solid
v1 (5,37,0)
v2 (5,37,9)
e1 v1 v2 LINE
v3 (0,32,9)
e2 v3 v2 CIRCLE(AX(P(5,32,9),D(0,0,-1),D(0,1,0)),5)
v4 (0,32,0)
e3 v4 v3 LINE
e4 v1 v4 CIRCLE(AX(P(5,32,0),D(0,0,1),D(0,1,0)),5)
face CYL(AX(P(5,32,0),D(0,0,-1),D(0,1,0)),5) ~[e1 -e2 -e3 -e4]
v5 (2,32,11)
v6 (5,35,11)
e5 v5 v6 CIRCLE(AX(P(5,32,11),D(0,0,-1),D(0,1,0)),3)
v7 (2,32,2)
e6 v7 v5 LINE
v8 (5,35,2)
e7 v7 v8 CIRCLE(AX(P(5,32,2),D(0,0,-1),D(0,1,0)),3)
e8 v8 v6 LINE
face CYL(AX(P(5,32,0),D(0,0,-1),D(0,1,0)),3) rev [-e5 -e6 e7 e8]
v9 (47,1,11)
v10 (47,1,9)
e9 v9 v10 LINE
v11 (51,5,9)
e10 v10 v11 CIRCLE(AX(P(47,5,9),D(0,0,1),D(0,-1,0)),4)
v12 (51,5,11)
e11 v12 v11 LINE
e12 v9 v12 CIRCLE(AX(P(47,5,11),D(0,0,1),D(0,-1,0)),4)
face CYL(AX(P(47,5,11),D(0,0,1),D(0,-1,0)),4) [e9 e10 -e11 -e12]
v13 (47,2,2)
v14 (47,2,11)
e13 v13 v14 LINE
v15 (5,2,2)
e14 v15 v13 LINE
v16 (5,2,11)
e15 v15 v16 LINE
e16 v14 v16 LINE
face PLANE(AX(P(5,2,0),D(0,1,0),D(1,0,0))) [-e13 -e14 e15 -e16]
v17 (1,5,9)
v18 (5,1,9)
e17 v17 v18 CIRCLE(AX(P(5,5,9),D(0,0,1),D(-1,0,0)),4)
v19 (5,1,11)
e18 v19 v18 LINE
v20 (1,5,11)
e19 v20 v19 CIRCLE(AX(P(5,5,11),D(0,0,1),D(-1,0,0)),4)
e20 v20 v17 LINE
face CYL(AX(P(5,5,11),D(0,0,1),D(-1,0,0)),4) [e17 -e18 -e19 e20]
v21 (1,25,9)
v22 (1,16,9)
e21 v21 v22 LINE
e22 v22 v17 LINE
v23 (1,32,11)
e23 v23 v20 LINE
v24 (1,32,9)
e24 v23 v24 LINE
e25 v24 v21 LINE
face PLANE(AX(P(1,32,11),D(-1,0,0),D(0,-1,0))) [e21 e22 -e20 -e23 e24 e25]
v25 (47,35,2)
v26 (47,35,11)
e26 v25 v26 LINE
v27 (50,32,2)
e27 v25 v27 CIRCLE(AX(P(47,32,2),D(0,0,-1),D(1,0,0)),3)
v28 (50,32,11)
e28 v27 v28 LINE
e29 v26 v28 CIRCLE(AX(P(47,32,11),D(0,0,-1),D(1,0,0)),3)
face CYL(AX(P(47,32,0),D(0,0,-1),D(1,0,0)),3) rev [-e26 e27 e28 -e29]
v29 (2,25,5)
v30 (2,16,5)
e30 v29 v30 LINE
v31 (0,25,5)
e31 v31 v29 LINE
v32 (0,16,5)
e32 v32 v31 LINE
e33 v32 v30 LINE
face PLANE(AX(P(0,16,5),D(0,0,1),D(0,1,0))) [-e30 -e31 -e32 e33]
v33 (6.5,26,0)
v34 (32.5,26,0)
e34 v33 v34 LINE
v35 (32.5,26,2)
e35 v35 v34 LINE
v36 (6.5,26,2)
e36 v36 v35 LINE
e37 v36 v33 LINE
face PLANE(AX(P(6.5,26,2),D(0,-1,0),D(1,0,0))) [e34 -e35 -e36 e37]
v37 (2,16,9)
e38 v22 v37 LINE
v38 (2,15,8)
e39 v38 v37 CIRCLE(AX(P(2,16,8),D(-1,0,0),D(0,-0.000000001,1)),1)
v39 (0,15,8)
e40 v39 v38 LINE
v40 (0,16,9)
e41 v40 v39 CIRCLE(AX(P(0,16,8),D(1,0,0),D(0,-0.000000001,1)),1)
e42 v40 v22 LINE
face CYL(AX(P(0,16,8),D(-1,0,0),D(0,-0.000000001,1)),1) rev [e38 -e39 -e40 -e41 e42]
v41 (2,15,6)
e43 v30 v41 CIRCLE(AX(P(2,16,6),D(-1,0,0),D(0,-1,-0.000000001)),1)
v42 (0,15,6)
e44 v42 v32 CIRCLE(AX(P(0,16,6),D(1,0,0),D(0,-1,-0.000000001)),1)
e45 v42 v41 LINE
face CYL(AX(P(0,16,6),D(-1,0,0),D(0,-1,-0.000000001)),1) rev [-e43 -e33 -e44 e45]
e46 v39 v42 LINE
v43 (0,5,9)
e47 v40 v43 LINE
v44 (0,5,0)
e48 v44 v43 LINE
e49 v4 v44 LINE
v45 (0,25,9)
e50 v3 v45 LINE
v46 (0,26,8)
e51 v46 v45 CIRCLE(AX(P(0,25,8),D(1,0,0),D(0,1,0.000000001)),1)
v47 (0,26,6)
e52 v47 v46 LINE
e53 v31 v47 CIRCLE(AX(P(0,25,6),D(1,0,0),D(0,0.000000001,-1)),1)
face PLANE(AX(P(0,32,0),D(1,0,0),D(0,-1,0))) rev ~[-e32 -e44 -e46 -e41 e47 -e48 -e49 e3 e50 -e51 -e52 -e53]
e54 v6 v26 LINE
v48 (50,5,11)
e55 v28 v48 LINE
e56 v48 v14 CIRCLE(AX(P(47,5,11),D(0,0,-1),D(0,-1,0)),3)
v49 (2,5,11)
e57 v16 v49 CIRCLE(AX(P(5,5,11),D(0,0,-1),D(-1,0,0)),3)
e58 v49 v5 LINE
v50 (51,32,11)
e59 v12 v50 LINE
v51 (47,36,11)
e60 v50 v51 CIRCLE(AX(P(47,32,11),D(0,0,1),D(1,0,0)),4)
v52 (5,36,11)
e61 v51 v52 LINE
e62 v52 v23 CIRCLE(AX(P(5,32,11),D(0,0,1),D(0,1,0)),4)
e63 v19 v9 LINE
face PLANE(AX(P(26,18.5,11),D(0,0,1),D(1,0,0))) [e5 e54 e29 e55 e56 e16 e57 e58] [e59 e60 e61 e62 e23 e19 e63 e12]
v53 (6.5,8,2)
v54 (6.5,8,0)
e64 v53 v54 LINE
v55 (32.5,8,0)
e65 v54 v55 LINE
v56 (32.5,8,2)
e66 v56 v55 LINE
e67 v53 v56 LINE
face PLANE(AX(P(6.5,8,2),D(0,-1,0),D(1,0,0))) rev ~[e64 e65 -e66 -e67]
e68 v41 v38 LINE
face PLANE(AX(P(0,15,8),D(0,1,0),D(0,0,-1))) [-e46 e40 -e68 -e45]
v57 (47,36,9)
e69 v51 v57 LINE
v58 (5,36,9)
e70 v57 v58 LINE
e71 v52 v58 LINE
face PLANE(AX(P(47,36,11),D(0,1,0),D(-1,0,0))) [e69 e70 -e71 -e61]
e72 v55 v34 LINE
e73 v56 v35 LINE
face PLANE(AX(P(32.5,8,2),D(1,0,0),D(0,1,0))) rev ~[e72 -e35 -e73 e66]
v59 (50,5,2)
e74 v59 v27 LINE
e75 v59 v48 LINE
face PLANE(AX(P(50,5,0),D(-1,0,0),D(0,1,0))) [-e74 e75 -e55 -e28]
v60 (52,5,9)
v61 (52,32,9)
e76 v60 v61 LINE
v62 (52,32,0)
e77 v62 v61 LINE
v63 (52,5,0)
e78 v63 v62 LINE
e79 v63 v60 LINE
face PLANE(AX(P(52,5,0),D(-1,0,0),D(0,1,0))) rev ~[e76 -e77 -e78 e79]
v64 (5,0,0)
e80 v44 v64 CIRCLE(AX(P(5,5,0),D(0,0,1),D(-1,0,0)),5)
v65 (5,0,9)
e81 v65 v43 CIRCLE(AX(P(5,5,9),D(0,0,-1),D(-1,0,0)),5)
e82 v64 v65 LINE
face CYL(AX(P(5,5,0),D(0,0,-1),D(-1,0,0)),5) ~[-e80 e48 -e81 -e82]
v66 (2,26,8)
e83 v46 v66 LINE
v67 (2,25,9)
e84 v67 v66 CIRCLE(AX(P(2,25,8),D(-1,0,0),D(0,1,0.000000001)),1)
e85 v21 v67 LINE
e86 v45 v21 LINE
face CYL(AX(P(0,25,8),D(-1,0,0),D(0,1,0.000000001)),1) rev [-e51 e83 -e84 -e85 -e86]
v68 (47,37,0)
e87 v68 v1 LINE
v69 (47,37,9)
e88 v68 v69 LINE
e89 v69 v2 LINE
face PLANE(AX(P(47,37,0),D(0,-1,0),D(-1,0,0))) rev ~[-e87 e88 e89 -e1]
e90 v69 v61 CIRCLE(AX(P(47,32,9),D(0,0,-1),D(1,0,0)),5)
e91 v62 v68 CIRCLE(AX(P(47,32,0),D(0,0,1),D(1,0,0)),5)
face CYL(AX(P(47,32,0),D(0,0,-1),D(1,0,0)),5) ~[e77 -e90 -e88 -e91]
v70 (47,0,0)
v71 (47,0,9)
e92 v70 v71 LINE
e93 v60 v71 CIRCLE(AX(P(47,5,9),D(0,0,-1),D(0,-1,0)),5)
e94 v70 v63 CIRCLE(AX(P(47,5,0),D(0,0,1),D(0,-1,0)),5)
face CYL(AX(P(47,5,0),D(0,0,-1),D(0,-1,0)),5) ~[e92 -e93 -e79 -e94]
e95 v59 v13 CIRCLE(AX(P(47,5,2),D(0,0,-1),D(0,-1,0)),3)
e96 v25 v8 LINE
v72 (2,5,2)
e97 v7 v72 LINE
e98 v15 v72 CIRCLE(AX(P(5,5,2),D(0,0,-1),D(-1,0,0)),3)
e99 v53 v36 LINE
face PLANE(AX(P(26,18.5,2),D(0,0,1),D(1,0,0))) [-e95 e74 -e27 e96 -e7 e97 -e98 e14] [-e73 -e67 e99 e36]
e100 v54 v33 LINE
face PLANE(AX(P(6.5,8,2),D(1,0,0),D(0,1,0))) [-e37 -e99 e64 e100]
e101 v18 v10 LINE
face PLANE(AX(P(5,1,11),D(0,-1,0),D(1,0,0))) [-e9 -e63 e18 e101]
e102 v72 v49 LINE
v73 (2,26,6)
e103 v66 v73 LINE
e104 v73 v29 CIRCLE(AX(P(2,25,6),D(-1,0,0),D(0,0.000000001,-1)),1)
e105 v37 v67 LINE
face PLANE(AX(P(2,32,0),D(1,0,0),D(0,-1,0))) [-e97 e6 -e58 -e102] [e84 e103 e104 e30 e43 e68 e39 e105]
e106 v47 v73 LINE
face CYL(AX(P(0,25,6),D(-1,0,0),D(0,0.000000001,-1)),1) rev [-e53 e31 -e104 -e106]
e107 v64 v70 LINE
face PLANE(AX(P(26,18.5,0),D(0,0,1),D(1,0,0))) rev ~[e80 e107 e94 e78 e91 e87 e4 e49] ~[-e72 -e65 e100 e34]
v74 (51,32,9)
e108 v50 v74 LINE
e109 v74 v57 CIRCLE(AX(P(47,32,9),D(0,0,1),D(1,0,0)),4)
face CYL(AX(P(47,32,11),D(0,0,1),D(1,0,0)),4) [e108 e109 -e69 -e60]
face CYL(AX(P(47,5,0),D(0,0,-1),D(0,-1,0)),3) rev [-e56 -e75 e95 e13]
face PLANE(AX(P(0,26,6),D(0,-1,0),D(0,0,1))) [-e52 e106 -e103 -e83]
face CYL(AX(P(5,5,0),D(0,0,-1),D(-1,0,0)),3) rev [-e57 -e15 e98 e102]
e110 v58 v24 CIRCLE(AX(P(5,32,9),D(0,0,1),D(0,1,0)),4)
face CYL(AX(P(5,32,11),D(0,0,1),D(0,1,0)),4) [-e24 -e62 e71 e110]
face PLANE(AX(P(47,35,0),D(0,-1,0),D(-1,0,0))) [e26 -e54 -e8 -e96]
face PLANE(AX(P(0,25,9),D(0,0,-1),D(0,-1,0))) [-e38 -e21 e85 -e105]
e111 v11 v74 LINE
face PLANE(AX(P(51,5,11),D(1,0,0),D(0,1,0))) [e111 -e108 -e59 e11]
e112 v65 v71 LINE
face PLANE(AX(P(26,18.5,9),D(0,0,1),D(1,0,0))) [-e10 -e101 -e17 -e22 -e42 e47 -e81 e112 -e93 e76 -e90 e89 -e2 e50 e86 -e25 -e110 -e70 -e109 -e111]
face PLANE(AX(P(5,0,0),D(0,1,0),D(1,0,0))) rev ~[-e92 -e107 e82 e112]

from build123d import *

# Parameters (mm, degrees)
BOSS_EXTRU_1_DEPTH      = 11
COQUE5_T                = -2
ESQUISSE5_W             = 26
ESQUISSE5_H             = 18
ENL_V_MAT_EXTRU_4_DEPTH = 65.451532177
ESQUISSE6_OUTSIDE_W     = 66.952
ESQUISSE6_OUTSIDE_H     = 51.952
ENL_V_MAT_EXTRU_5_DEPTH = 2
ENL_V_MAT_EXTRU_6_DEPTH = 10


with BuildPart() as part:
    # Esquisse1 → Boss.-Extru.1 (new body)
    with BuildSketch(Plane.XY):
        with BuildLine():
            Line((5, 0), (47, 0))
            ThreePointArc((47, 0), (50.535533906, 1.464466094), (52, 5))
            Line((52, 5), (52, 32))
            ThreePointArc((52, 32), (50.535533906, 35.535533906), (47, 37))
            Line((47, 37), (5, 37))
            ThreePointArc((5, 37), (1.464466094, 35.535533906), (0, 32))
            Line((0, 32), (0, 5))
            ThreePointArc((0, 5), (1.464466094, 1.464466094), (5, 0))
        make_face()
    extrude(amount=BOSS_EXTRU_1_DEPTH)

    # Coque5
    coque5_openings = [part.faces().sort_by_distance(p)[0] for p in [
        (26, 18.5, 11),
    ]]
    offset(amount=COQUE5_T, openings=coque5_openings, kind=Kind.INTERSECTION)

    # Esquisse5 → Enlèv. mat.-Extru.4 (cut, through all)
    with BuildSketch(Plane.XY.offset(2)):
        with Locations((19.5, 17)):
            Rectangle(ESQUISSE5_W, ESQUISSE5_H)
    extrude(amount=-ENL_V_MAT_EXTRU_4_DEPTH, mode=Mode.SUBTRACT)

    # Esquisse6 outside → Enlèv. mat.-Extru.5 (cut)
    with BuildSketch(Plane.XY.offset(11)):
        with Locations((26, 18.5)):
            Rectangle(ESQUISSE6_OUTSIDE_W, ESQUISSE6_OUTSIDE_H)
        with BuildLine():
            Line((47, 36), (5, 36))
            ThreePointArc((5, 36), (2.171572875, 34.828427125), (1, 32))
            Line((1, 32), (1, 5))
            ThreePointArc((1, 5), (2.171572875, 2.171572875), (5, 1))
            Line((5, 1), (47, 1))
            ThreePointArc((47, 1), (49.828427125, 2.171572875), (51, 5))
            Line((51, 5), (51, 32))
            ThreePointArc((51, 32), (49.828427125, 34.828427125), (47, 36))
        make_face(mode=Mode.SUBTRACT)
    extrude(amount=-ENL_V_MAT_EXTRU_5_DEPTH, mode=Mode.SUBTRACT)

    # Esquisse7 → Enlèv. mat.-Extru.6 (cut)
    with BuildSketch(Plane.ZY):
        with BuildLine():
            Line((6, 26), (8, 26))
            ThreePointArc((8, 26), (8.707106781, 25.707106781), (9, 25))
            Line((9, 25), (9, 16))
            ThreePointArc((9, 16), (8.707106781, 15.292893219), (8, 15))
            Line((8, 15), (6, 15))
            ThreePointArc((6, 15), (5.292893219, 15.292893219), (5, 16))
            Line((5, 16), (5, 25))
            ThreePointArc((5, 25), (5.292893219, 25.707106781), (6, 26))
        make_face()
    extrude(amount=-ENL_V_MAT_EXTRU_6_DEPTH, mode=Mode.SUBTRACT)


solid = part.part
